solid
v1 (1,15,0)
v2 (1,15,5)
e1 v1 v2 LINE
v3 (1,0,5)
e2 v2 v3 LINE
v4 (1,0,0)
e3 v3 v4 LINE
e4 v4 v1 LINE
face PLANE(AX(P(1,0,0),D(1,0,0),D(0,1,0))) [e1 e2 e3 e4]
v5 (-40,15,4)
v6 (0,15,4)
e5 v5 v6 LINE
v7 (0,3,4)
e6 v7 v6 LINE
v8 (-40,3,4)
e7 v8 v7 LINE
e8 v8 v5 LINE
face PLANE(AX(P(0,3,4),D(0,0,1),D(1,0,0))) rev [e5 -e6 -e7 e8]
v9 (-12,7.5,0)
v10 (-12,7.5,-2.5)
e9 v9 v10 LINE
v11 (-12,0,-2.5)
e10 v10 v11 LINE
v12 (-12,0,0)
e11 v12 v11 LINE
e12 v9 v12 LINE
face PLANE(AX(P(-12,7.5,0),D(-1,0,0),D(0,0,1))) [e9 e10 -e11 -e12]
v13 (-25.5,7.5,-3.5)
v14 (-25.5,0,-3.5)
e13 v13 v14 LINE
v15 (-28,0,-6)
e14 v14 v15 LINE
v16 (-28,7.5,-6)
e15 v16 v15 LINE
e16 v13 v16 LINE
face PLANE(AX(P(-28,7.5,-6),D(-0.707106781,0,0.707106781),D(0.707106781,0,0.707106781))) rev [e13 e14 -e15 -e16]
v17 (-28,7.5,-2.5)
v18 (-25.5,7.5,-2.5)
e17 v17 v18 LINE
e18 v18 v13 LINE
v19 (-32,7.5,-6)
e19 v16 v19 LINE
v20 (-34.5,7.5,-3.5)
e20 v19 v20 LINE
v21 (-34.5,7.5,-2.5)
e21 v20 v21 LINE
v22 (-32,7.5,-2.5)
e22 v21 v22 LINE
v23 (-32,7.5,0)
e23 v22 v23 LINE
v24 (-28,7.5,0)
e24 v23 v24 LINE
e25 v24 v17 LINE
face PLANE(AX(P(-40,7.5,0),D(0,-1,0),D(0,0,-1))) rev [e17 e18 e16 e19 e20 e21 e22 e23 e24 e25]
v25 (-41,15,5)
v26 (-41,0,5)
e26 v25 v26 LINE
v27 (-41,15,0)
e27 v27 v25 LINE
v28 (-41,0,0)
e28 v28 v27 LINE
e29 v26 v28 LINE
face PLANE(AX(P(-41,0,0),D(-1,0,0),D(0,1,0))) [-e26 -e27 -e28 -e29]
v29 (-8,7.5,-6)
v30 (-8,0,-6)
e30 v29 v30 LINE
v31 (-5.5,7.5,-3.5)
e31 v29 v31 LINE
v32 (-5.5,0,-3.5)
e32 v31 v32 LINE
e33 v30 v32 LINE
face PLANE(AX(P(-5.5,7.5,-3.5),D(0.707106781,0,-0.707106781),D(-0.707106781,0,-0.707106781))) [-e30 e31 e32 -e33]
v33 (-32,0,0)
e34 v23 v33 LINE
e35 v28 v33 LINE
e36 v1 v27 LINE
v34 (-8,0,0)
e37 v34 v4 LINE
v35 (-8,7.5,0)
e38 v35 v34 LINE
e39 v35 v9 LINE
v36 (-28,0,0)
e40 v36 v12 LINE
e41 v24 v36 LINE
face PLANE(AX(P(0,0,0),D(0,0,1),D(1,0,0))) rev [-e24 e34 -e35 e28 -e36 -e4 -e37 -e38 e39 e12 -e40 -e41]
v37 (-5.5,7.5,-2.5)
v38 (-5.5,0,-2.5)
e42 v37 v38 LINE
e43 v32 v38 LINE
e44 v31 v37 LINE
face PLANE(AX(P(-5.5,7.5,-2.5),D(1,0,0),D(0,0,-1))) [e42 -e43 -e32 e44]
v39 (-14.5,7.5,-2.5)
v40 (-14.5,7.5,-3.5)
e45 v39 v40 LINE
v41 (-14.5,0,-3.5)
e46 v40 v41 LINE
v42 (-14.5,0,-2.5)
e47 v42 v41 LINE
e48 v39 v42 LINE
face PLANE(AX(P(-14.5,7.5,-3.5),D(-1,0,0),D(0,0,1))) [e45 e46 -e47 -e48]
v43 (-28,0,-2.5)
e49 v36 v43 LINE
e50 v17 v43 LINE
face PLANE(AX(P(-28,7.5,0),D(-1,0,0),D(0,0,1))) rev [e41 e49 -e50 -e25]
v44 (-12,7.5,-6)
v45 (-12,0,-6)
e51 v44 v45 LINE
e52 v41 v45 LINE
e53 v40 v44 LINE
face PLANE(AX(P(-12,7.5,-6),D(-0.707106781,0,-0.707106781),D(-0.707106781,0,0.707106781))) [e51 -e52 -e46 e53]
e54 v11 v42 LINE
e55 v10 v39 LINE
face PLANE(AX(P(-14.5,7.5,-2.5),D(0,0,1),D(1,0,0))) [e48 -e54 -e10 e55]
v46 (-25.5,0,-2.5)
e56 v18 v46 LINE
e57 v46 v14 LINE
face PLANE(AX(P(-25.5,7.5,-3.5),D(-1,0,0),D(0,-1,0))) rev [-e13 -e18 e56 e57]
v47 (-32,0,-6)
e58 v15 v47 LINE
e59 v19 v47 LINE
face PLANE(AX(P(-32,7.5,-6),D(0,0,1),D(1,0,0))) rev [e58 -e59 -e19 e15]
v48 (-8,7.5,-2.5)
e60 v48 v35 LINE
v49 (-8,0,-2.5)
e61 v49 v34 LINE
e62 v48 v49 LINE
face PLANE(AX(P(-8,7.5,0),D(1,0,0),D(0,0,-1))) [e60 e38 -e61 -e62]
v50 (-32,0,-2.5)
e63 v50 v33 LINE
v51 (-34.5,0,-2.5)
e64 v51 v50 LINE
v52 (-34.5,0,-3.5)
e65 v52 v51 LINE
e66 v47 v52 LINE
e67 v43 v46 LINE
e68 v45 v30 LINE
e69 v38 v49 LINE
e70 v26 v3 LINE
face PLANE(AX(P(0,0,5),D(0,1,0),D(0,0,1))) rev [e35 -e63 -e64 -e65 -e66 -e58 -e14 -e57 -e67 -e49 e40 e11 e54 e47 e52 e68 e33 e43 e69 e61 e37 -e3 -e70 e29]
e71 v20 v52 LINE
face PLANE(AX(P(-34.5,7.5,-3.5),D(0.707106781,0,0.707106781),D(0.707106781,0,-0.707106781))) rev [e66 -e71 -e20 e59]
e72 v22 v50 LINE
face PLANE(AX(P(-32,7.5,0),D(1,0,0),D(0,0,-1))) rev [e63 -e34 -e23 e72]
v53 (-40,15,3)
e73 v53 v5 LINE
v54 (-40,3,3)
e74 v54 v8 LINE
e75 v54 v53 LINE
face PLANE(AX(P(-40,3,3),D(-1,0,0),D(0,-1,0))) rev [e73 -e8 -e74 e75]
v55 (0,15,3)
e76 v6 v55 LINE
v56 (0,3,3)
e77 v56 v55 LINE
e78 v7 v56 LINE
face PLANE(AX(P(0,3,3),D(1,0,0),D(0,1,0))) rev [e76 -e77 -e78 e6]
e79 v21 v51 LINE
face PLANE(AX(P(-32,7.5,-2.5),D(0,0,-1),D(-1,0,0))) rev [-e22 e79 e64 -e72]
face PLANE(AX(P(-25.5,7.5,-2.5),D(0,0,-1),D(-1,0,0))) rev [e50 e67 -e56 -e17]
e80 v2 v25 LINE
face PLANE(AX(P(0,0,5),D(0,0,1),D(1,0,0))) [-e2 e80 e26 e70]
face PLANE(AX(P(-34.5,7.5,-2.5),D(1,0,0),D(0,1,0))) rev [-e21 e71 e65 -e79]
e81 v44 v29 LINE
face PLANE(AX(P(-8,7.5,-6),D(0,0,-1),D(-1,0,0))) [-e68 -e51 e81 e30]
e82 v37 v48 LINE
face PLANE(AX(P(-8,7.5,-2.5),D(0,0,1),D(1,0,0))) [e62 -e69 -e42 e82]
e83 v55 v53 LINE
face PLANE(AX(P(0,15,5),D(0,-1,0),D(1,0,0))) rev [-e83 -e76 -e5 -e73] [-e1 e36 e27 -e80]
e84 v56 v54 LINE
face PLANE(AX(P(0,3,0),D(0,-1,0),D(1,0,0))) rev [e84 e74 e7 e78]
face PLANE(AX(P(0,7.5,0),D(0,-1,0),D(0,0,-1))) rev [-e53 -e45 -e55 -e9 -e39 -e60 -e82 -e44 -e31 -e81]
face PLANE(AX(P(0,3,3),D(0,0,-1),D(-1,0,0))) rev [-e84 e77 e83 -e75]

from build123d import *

# Parameters (mm, degrees)
SKETCH1_W           = 40
SKETCH1_H           = 15
BOSS_EXTRUDE1_DEPTH = 5
BOSS_EXTRUDE2_DEPTH = 7.5
SKETCH3_W           = 5
SKETCH3_H           = 15
BOSS_EXTRUDE3_DEPTH = 1
SKETCH4_W           = 40
SKETCH4_H           = 1
CUT_EXTRUDE1_DEPTH  = 12


with BuildPart() as part:
    # Sketch1 → Boss-Extrude1 (new body)
    with BuildSketch(Plane.XY):
        with Locations((-20, 7.5)):
            Rectangle(SKETCH1_W, SKETCH1_H)
    extrude(amount=BOSS_EXTRUDE1_DEPTH)

    # Sketch2 → Boss-Extrude2 (add)
    with BuildSketch(Plane.XZ):
        Polygon((-8, 0), (-12, 0), (-12, -2.5), (-14.5, -2.5), (-14.5, -3.5), (-12, -6), (-8, -6), (-5.5, -3.5), (-5.5, -2.5), (-8, -2.5), align=None)
    boss_extrude2 = extrude(amount=-BOSS_EXTRUDE2_DEPTH)

    # Mirror1: Boss-Extrude2 across plane
    add(boss_extrude2.mirror(Plane(origin=(-20, 0, 0), x_dir=(0, 0, 1), z_dir=(1, 0, 0))))

    # Sketch3 → Boss-Extrude3 (add)
    with BuildSketch(Plane(origin=(0, 0, 0), x_dir=(0, 0, -1), z_dir=(1, 0, 0))):
        with Locations((-2.5, 7.5)):
            Rectangle(SKETCH3_W, SKETCH3_H)
    boss_extrude3 = extrude(amount=BOSS_EXTRUDE3_DEPTH)

    # Mirror2: Boss-Extrude3 across plane
    add(boss_extrude3.mirror(Plane(origin=(-20, 0, 0), x_dir=(0, 0, 1), z_dir=(1, 0, 0))))

    # Sketch4 → Cut-Extrude1 (cut)
    with BuildSketch(Plane(origin=(0, 15, 0), x_dir=(1, 0, 0), z_dir=(0, 1, 0))):
        with Locations((-20, -3.5)):
            Rectangle(SKETCH4_W, SKETCH4_H)
    extrude(amount=-CUT_EXTRUDE1_DEPTH, mode=Mode.SUBTRACT)


solid = part.part
